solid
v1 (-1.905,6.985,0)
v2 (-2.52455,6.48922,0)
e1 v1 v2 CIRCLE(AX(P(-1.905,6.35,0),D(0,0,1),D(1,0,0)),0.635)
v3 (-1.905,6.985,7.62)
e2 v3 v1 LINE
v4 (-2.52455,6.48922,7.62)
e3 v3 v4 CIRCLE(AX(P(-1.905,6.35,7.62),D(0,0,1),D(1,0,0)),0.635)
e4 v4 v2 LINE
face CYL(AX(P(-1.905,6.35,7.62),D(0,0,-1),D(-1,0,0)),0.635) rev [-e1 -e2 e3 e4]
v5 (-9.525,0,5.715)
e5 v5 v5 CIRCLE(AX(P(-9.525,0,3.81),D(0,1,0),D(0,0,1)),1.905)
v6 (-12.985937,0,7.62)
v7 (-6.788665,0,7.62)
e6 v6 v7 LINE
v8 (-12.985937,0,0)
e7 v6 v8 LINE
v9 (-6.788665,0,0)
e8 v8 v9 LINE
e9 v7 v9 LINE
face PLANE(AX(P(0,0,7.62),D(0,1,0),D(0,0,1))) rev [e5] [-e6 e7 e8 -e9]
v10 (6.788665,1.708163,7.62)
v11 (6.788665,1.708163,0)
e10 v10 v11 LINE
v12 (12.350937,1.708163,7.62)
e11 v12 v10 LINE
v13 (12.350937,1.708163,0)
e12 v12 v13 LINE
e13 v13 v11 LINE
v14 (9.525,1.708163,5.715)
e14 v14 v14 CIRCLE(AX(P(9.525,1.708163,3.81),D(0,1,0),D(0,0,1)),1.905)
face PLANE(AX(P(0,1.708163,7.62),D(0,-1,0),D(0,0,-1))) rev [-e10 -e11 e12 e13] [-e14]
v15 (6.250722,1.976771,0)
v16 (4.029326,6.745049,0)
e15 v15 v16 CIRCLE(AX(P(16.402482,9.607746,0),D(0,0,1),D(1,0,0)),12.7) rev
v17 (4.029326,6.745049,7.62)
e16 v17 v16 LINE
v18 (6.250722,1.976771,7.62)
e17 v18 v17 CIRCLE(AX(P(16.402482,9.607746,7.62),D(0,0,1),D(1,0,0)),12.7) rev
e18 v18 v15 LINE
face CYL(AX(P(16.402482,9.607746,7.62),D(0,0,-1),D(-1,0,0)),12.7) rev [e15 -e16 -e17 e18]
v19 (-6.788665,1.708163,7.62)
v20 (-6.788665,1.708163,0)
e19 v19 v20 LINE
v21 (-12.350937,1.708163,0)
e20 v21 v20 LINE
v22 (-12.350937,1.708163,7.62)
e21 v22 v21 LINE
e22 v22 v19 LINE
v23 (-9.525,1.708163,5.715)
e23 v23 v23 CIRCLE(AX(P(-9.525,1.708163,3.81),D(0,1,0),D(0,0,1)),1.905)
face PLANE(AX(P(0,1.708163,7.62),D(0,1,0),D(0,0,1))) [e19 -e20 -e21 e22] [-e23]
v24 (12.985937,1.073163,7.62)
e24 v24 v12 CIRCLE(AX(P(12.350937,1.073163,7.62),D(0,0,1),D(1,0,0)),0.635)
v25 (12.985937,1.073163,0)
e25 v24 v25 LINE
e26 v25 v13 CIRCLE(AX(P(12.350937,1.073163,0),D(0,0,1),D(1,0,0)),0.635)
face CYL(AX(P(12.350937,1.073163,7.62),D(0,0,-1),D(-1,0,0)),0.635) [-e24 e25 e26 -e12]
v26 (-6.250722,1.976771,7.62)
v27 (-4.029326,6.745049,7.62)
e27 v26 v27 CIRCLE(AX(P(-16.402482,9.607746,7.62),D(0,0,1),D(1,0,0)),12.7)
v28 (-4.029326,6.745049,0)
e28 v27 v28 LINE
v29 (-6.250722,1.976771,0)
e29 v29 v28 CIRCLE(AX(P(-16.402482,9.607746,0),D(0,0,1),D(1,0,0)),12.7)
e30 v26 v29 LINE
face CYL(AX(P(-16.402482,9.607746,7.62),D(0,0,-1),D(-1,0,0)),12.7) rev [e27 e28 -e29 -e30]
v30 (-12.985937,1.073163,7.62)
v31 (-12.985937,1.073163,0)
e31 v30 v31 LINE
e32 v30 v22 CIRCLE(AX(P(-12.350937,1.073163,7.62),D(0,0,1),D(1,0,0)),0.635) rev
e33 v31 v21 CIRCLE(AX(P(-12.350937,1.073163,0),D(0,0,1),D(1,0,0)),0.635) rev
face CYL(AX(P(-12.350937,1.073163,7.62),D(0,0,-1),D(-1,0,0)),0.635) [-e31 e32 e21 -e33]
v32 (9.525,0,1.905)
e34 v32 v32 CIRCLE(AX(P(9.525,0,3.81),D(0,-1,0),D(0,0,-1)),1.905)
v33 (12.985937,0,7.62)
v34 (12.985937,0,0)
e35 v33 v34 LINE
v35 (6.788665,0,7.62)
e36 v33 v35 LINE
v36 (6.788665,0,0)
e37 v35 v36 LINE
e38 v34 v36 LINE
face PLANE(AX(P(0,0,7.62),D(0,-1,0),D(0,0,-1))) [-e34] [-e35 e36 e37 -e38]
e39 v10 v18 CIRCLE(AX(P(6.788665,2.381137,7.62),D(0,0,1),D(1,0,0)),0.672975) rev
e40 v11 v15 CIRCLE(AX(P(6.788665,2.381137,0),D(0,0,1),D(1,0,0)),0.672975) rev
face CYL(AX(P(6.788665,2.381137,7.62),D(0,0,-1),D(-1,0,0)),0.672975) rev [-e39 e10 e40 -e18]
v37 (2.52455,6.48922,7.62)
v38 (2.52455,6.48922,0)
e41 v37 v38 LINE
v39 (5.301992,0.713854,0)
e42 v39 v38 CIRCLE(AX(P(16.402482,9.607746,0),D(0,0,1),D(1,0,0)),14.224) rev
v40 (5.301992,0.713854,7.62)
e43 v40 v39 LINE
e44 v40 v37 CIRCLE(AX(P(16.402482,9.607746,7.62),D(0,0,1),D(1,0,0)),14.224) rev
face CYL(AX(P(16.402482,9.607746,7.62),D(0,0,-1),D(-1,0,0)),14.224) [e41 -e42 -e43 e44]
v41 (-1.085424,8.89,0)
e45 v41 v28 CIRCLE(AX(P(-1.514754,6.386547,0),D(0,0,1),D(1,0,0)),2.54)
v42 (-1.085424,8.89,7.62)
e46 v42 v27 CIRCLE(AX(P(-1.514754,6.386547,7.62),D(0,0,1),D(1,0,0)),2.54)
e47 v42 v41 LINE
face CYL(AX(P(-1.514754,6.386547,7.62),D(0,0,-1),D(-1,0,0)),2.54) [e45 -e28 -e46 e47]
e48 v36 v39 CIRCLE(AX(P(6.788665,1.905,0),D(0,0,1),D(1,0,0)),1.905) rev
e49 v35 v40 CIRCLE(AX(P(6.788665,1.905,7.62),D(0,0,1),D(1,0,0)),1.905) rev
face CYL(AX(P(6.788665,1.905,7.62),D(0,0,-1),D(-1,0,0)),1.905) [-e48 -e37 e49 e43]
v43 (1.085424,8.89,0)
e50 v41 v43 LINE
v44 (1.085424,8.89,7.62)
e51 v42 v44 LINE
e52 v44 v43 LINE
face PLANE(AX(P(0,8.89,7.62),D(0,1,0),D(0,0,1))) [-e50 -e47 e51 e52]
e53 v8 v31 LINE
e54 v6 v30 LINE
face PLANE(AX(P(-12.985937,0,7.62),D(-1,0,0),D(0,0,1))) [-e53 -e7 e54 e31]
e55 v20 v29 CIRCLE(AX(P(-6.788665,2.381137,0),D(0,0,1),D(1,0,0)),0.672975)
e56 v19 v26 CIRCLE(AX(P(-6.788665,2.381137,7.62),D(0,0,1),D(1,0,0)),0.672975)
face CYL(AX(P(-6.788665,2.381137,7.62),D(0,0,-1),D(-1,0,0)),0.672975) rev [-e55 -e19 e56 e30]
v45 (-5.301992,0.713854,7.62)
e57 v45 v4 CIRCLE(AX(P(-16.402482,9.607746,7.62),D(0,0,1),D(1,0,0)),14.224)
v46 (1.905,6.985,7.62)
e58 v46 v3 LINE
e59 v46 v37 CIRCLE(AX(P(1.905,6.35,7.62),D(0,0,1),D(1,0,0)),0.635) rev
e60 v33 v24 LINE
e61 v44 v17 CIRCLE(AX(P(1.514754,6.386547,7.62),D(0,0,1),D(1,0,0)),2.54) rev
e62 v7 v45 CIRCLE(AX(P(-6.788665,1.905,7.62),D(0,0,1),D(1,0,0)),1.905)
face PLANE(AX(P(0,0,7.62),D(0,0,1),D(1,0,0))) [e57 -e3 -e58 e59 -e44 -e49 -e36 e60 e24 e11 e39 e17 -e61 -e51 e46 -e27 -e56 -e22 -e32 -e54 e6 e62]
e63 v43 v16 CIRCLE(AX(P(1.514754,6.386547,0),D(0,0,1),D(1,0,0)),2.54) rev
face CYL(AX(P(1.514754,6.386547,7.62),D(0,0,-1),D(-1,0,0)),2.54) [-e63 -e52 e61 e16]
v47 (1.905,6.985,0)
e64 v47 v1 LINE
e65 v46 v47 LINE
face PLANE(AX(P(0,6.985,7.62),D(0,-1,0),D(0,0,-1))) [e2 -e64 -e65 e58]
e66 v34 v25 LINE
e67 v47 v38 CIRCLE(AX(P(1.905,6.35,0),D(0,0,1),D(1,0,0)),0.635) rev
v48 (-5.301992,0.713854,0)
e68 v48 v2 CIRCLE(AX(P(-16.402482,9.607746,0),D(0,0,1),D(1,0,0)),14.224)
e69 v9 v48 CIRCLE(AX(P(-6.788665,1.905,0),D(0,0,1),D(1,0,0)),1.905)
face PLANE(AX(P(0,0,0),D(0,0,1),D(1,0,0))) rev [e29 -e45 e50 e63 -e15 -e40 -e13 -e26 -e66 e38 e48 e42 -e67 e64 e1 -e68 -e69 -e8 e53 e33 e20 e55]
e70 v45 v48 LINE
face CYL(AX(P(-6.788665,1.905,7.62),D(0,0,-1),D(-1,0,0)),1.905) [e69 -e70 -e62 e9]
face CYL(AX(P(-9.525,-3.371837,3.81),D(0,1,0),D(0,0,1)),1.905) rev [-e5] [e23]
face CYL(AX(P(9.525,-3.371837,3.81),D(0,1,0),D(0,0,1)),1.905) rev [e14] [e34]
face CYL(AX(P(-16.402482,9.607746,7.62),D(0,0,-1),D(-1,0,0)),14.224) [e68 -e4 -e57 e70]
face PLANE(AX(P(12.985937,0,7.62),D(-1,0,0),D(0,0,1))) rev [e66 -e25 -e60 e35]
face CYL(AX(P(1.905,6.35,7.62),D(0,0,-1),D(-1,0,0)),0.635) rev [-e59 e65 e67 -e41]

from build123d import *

# Parameters (mm, degrees)
BOSS_EXTRUDE1_DEPTH = 7.62
SKETCH2_R           = 1.905
CUT_EXTRUDE1_DEPTH  = 5.08


with BuildPart() as part:
    # Sketch1 → Boss-Extrude1 (new body)
    with BuildSketch(Plane.XY):
        with BuildLine():
            Line((1.905, 6.985), (-1.905, 6.985))
            ThreePointArc((-1.905, 6.985), (-2.301749521, 6.845797154), (-2.524550498, 6.489219898))
            ThreePointArc((-2.524550498, 6.489219898), (-3.583781011, 3.443081012), (-5.301992306, 0.713853771))
            ThreePointArc((-5.301992306, 0.713853771), (-5.964076777, 0.187711648), (-6.788664987, 0))
            Line((-6.788664987, 0), (-12.985936717, 0))
            Line((-12.985936717, 0), (-12.985936717, 1.073162668))
            ThreePointArc((-12.985936717, 1.073162668), (-12.799949523, 1.522175474), (-12.350936717, 1.708162668))
            Line((-12.350936717, 1.708162668), (-6.788664987, 1.708162668))
            ThreePointArc((-6.788664987, 1.708162668), (-6.488026831, 1.77904797), (-6.250721894, 1.976770993))
            ThreePointArc((-6.250721894, 1.976770993), (-4.890441533, 4.244637177), (-4.029326465, 6.745049248))
            ThreePointArc((-4.029326465, 6.745049248), (-3.010501923, 8.43943232), (-1.085423689, 8.89))
            Line((-1.085423689, 8.89), (1.085423689, 8.89))
            ThreePointArc((1.085423689, 8.89), (3.010501923, 8.43943232), (4.029326465, 6.745049248))
            ThreePointArc((4.029326465, 6.745049248), (4.890441533, 4.244637177), (6.250721894, 1.976770993))
            ThreePointArc((6.250721894, 1.976770993), (6.488026831, 1.77904797), (6.788664987, 1.708162668))
            Line((6.788664987, 1.708162668), (12.350936717, 1.708162668))
            ThreePointArc((12.350936717, 1.708162668), (12.799949523, 1.522175474), (12.985936717, 1.073162668))
            Line((12.985936717, 1.073162668), (12.985936717, 0))
            Line((12.985936717, 0), (6.788664987, 0))
            ThreePointArc((6.788664987, 0), (5.964076777, 0.187711648), (5.301992306, 0.713853771))
            ThreePointArc((5.301992306, 0.713853771), (3.583781011, 3.443081012), (2.524550498, 6.489219898))
            ThreePointArc((2.524550498, 6.489219898), (2.301749521, 6.845797154), (1.905, 6.985))
        make_face()
    extrude(amount=BOSS_EXTRUDE1_DEPTH)

    # Sketch2 → Cut-Extrude1 (cut)
    with BuildSketch(Plane(origin=(0, 1.708162668, 0), x_dir=(1, 0, 0), z_dir=(0, 1, 0))):
        with Locations(Location((9.525, -3.81, 0), (0, 0, 270))):
            Circle(SKETCH2_R)
        with Locations(Location((-9.525, -3.81, 0), (0, 0, 270))):
            Circle(SKETCH2_R)
    extrude(amount=-CUT_EXTRUDE1_DEPTH, mode=Mode.SUBTRACT)


solid = part.part
